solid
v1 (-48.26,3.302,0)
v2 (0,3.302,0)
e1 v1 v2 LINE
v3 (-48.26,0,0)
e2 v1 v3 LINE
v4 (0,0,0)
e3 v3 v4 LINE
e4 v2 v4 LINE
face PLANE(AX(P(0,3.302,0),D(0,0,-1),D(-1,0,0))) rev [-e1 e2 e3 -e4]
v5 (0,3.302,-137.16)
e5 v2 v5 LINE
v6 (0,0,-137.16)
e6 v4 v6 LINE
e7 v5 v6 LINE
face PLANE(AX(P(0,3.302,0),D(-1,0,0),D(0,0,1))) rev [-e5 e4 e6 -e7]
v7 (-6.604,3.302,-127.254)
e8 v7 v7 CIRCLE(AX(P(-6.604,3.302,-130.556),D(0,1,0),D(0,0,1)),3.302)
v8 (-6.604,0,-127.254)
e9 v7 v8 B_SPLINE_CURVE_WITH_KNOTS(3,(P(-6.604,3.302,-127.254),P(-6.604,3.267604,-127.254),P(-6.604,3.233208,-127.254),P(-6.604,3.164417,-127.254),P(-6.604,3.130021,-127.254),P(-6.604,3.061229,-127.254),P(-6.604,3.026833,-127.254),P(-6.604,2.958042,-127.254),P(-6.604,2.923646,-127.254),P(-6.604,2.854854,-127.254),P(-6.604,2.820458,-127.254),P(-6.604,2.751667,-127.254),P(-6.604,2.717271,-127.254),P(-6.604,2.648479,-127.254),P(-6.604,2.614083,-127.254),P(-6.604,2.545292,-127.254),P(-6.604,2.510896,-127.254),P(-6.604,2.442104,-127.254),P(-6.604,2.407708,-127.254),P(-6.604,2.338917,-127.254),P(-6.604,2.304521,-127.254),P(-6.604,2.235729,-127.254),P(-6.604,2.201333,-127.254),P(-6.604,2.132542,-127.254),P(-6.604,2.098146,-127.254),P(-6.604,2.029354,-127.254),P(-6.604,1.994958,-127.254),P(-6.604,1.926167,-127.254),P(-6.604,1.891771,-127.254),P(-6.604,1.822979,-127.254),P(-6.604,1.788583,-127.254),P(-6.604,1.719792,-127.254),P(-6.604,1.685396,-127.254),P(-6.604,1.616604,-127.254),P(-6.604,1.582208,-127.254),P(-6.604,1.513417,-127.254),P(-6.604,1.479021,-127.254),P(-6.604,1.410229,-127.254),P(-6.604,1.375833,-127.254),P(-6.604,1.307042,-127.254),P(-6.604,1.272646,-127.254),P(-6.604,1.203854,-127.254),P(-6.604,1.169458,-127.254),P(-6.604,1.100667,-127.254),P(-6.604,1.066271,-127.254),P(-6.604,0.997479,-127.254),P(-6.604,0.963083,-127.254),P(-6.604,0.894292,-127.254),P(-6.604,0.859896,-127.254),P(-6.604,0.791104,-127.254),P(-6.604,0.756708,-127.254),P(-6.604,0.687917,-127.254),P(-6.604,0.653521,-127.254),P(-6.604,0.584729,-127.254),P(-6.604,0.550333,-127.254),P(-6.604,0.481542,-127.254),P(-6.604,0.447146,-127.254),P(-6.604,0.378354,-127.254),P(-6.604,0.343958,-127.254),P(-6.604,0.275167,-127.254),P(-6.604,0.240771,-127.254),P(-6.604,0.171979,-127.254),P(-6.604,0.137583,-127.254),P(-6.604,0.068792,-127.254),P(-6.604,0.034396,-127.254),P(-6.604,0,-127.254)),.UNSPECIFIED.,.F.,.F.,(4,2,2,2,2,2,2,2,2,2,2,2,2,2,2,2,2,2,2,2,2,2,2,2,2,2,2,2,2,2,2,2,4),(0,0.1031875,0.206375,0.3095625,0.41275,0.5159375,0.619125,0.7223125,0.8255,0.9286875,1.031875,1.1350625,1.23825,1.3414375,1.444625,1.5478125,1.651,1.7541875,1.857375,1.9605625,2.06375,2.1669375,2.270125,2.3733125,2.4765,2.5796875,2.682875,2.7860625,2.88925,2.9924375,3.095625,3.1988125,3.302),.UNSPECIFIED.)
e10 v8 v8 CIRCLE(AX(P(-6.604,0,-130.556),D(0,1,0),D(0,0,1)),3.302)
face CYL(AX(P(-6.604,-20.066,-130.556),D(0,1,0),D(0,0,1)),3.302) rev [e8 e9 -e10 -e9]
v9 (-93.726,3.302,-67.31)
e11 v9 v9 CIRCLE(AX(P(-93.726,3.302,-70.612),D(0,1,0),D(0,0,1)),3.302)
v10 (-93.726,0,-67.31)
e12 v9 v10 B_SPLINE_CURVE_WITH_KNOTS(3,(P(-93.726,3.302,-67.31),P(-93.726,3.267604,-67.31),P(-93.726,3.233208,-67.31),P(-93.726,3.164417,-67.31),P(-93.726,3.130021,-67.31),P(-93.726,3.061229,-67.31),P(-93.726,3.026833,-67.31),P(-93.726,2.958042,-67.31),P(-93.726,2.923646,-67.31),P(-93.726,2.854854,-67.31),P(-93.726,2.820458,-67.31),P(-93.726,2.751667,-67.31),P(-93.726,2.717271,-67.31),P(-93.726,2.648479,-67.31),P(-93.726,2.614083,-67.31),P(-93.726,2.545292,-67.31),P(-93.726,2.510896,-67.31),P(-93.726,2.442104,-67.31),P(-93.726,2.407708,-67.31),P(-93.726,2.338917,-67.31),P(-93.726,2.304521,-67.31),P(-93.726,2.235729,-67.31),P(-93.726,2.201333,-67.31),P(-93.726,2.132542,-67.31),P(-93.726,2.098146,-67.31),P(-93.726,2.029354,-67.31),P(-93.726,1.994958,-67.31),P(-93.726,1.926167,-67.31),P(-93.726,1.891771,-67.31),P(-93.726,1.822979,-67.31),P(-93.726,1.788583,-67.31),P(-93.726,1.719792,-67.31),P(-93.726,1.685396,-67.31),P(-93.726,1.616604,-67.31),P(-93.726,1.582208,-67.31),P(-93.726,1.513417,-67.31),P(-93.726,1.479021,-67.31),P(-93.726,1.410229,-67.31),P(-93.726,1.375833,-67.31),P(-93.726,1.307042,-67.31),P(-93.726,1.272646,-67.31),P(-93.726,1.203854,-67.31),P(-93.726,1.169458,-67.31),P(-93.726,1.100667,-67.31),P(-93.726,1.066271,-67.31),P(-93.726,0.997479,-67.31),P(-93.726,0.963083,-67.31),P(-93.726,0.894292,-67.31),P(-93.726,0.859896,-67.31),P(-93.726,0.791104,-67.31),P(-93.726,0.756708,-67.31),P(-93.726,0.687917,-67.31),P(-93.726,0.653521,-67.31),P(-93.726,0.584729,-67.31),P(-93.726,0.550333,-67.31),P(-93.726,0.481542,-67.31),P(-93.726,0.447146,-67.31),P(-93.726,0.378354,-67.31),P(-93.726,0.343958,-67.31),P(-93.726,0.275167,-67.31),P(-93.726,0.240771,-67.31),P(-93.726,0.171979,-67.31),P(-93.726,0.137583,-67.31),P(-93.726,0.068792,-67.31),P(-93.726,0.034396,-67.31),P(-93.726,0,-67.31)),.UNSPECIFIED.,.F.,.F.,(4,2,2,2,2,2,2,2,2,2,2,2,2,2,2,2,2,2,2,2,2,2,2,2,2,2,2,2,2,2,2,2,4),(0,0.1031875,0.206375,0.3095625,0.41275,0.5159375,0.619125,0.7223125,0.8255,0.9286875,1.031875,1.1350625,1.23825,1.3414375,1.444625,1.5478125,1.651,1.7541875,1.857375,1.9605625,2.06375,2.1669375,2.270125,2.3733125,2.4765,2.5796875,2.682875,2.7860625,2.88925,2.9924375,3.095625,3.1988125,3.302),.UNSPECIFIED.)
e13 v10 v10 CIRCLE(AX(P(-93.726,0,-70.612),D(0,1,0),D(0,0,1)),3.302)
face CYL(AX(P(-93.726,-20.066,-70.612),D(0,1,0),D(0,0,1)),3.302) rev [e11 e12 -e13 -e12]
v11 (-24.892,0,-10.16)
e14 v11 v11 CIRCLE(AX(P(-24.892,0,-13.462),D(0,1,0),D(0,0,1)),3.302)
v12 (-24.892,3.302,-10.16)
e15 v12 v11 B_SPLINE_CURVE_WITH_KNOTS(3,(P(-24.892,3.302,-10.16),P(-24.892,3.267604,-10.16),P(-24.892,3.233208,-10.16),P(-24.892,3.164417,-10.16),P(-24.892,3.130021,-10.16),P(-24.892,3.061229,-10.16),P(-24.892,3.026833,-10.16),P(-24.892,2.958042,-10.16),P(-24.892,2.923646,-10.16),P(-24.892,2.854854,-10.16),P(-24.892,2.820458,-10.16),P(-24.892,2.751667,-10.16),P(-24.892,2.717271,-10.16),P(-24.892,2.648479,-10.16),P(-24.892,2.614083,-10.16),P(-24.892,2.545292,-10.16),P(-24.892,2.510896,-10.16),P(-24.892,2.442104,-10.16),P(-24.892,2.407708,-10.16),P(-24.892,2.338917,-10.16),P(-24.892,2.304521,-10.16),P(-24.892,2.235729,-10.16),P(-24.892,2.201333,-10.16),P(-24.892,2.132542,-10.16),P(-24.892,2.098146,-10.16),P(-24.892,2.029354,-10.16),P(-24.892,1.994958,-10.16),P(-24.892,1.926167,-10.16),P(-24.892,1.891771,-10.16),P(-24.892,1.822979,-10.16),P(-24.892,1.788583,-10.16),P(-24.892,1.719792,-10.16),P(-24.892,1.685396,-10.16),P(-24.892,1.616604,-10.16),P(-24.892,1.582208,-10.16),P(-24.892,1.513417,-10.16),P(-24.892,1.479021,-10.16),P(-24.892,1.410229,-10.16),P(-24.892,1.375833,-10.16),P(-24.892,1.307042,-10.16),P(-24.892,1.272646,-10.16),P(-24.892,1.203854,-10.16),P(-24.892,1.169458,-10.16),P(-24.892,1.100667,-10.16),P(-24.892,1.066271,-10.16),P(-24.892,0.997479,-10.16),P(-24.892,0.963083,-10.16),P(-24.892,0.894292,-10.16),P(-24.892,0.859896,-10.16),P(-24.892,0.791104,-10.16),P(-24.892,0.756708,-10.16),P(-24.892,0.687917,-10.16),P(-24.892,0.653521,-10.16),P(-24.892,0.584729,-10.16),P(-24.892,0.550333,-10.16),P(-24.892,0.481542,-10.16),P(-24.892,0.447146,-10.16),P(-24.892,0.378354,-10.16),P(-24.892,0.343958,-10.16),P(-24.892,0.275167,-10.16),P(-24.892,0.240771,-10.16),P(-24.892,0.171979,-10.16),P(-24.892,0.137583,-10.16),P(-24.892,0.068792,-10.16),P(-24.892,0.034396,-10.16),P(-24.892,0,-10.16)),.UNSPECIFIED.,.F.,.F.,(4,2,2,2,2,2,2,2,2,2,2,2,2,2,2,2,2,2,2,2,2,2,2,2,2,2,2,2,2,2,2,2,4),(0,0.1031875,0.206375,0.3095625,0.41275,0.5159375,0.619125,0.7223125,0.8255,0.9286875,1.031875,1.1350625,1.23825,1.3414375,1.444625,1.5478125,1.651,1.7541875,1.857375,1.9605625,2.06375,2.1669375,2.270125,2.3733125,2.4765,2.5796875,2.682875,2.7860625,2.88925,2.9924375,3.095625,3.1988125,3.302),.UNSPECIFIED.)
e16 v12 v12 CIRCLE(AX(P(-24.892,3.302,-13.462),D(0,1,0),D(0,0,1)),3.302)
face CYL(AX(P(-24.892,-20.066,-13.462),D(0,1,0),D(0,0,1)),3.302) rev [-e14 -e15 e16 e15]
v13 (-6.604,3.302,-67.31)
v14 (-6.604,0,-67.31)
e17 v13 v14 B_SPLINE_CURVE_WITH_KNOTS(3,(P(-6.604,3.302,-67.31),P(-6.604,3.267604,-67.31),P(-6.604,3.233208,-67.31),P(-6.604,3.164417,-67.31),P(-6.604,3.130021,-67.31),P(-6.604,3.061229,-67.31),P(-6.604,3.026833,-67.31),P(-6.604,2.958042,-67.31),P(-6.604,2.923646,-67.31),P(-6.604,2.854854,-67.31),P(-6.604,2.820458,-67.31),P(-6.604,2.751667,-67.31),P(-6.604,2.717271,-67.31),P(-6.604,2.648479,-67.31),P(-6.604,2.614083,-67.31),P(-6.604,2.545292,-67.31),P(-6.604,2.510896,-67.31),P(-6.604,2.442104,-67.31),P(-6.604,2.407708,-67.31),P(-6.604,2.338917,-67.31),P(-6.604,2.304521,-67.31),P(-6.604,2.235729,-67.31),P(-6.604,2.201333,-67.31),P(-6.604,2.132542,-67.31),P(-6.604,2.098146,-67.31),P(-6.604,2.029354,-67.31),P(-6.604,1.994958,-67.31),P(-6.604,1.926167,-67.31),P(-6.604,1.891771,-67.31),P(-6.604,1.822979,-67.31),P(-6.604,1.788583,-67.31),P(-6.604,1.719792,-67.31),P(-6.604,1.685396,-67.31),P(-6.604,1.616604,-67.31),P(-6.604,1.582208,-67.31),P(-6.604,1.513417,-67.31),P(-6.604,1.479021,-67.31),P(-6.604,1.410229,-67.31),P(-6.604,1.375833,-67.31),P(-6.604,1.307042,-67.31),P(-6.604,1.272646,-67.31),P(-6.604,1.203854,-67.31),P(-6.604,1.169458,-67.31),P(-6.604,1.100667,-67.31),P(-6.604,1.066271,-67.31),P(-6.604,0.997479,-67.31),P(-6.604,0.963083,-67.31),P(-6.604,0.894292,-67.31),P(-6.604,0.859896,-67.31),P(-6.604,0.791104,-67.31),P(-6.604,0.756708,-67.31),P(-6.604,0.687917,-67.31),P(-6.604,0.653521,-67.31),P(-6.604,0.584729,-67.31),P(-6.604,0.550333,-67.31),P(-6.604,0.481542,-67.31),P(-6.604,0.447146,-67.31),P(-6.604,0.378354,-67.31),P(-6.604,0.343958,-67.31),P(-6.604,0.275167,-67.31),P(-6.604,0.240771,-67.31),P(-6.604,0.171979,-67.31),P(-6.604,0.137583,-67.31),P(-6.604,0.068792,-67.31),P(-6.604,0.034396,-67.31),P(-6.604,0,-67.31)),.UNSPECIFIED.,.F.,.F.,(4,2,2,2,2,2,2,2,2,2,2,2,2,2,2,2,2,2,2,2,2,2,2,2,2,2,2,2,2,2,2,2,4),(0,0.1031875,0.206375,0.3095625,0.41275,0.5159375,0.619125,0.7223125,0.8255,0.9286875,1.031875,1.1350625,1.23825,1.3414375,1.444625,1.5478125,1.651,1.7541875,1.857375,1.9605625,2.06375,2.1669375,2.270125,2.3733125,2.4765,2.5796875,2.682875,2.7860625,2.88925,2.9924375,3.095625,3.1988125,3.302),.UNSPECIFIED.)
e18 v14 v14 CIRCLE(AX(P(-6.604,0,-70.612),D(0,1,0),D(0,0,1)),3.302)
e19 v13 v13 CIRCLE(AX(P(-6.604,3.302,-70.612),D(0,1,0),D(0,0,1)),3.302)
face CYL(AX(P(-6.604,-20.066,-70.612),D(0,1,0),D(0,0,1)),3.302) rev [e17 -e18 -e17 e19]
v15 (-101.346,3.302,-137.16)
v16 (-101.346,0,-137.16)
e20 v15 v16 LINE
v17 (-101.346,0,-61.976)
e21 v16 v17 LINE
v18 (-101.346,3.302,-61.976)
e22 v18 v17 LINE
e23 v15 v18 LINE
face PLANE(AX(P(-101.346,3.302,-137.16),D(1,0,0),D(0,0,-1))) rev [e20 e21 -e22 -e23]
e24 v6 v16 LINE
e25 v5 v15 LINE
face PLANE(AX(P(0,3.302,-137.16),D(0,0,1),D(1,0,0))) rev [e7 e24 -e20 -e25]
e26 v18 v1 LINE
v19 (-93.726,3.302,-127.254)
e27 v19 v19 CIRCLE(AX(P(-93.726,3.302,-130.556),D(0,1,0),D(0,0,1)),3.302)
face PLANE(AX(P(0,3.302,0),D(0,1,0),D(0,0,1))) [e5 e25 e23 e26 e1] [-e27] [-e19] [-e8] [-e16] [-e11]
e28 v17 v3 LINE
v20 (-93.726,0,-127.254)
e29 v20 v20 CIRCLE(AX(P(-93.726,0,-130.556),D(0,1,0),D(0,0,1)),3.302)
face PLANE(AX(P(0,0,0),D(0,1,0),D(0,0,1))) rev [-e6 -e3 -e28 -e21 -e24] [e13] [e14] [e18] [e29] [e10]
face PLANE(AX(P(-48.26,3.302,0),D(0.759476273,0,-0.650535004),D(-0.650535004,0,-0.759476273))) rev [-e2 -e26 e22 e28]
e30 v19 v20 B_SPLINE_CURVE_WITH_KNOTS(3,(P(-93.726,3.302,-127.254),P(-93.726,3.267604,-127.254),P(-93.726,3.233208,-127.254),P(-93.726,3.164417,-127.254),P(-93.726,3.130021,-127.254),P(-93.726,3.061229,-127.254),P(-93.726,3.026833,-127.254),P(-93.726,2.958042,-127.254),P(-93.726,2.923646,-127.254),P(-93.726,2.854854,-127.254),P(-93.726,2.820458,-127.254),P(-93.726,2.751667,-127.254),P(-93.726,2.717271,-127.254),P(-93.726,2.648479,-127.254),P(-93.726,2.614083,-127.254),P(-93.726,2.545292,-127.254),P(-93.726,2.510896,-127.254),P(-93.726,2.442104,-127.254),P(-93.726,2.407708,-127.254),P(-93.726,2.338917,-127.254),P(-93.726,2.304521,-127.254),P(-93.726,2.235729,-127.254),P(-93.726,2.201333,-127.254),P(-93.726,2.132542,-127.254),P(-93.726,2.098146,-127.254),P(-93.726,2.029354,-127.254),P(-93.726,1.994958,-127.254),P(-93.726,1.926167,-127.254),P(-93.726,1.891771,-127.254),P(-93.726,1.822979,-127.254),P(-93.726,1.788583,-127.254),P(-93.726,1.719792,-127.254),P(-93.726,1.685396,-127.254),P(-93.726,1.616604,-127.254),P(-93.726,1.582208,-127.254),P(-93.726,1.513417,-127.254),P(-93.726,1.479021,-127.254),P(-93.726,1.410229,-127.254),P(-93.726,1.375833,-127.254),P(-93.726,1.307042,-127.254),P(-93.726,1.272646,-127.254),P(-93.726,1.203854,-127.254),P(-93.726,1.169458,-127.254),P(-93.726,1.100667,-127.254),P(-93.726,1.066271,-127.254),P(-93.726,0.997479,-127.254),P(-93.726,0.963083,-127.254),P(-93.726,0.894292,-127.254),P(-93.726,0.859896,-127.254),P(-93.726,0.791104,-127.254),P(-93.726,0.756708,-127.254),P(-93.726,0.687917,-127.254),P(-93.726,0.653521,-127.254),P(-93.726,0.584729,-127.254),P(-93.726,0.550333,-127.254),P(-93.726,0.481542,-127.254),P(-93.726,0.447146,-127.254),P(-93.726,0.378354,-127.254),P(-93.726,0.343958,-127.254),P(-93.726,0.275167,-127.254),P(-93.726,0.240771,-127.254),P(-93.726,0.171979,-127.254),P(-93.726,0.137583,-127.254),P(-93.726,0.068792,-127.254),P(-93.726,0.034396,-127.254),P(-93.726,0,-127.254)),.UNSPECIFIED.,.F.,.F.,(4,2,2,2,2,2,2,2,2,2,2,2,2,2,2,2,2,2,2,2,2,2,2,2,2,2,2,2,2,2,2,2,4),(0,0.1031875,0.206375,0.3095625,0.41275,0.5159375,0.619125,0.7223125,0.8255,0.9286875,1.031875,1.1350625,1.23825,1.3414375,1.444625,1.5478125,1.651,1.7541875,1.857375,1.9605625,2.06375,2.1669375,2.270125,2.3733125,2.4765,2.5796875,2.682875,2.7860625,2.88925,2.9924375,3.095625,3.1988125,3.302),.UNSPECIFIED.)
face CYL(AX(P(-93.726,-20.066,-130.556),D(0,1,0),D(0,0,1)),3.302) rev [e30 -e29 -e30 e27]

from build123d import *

# Parameters (mm, degrees)
BOSS_EXTRUDE1_DEPTH = 3.302
SKETCH2_R           = 3.302
CUT_EXTRUDE1_DEPTH  = 23.368


with BuildPart() as part:
    # Sketch1 → Boss-Extrude1 (new body)
    with BuildSketch(Plane(origin=(0, 0, 0), x_dir=(1, 0, 0), z_dir=(0, 1, 0))):
        Polygon((0, 0), (-48.26, 0), (-101.346, 61.976), (-101.346, 137.16), (0, 137.16), align=None)
    extrude(amount=BOSS_EXTRUDE1_DEPTH)

    # Sketch2 → Cut-Extrude1 (cut)
    with BuildSketch(Plane(origin=(0, 3.302, 0), x_dir=(1, 0, 0), z_dir=(0, 1, 0))):
        with Locations(Location((-93.726, 70.612, 0), (0, 0, 270))):
            Circle(SKETCH2_R)
        with Locations(Location((-24.892, 13.462, 0), (0, 0, 270))):
            Circle(SKETCH2_R)
        with Locations(Location((-6.604, 70.612, 0), (0, 0, 270))):
            Circle(SKETCH2_R)
        with Locations(Location((-6.604, 130.556, 0), (0, 0, 270))):
            Circle(SKETCH2_R)
        with Locations(Location((-93.726, 130.556, 0), (0, 0, 270))):
            Circle(SKETCH2_R)
    extrude(amount=-CUT_EXTRUDE1_DEPTH, mode=Mode.SUBTRACT)


solid = part.part
